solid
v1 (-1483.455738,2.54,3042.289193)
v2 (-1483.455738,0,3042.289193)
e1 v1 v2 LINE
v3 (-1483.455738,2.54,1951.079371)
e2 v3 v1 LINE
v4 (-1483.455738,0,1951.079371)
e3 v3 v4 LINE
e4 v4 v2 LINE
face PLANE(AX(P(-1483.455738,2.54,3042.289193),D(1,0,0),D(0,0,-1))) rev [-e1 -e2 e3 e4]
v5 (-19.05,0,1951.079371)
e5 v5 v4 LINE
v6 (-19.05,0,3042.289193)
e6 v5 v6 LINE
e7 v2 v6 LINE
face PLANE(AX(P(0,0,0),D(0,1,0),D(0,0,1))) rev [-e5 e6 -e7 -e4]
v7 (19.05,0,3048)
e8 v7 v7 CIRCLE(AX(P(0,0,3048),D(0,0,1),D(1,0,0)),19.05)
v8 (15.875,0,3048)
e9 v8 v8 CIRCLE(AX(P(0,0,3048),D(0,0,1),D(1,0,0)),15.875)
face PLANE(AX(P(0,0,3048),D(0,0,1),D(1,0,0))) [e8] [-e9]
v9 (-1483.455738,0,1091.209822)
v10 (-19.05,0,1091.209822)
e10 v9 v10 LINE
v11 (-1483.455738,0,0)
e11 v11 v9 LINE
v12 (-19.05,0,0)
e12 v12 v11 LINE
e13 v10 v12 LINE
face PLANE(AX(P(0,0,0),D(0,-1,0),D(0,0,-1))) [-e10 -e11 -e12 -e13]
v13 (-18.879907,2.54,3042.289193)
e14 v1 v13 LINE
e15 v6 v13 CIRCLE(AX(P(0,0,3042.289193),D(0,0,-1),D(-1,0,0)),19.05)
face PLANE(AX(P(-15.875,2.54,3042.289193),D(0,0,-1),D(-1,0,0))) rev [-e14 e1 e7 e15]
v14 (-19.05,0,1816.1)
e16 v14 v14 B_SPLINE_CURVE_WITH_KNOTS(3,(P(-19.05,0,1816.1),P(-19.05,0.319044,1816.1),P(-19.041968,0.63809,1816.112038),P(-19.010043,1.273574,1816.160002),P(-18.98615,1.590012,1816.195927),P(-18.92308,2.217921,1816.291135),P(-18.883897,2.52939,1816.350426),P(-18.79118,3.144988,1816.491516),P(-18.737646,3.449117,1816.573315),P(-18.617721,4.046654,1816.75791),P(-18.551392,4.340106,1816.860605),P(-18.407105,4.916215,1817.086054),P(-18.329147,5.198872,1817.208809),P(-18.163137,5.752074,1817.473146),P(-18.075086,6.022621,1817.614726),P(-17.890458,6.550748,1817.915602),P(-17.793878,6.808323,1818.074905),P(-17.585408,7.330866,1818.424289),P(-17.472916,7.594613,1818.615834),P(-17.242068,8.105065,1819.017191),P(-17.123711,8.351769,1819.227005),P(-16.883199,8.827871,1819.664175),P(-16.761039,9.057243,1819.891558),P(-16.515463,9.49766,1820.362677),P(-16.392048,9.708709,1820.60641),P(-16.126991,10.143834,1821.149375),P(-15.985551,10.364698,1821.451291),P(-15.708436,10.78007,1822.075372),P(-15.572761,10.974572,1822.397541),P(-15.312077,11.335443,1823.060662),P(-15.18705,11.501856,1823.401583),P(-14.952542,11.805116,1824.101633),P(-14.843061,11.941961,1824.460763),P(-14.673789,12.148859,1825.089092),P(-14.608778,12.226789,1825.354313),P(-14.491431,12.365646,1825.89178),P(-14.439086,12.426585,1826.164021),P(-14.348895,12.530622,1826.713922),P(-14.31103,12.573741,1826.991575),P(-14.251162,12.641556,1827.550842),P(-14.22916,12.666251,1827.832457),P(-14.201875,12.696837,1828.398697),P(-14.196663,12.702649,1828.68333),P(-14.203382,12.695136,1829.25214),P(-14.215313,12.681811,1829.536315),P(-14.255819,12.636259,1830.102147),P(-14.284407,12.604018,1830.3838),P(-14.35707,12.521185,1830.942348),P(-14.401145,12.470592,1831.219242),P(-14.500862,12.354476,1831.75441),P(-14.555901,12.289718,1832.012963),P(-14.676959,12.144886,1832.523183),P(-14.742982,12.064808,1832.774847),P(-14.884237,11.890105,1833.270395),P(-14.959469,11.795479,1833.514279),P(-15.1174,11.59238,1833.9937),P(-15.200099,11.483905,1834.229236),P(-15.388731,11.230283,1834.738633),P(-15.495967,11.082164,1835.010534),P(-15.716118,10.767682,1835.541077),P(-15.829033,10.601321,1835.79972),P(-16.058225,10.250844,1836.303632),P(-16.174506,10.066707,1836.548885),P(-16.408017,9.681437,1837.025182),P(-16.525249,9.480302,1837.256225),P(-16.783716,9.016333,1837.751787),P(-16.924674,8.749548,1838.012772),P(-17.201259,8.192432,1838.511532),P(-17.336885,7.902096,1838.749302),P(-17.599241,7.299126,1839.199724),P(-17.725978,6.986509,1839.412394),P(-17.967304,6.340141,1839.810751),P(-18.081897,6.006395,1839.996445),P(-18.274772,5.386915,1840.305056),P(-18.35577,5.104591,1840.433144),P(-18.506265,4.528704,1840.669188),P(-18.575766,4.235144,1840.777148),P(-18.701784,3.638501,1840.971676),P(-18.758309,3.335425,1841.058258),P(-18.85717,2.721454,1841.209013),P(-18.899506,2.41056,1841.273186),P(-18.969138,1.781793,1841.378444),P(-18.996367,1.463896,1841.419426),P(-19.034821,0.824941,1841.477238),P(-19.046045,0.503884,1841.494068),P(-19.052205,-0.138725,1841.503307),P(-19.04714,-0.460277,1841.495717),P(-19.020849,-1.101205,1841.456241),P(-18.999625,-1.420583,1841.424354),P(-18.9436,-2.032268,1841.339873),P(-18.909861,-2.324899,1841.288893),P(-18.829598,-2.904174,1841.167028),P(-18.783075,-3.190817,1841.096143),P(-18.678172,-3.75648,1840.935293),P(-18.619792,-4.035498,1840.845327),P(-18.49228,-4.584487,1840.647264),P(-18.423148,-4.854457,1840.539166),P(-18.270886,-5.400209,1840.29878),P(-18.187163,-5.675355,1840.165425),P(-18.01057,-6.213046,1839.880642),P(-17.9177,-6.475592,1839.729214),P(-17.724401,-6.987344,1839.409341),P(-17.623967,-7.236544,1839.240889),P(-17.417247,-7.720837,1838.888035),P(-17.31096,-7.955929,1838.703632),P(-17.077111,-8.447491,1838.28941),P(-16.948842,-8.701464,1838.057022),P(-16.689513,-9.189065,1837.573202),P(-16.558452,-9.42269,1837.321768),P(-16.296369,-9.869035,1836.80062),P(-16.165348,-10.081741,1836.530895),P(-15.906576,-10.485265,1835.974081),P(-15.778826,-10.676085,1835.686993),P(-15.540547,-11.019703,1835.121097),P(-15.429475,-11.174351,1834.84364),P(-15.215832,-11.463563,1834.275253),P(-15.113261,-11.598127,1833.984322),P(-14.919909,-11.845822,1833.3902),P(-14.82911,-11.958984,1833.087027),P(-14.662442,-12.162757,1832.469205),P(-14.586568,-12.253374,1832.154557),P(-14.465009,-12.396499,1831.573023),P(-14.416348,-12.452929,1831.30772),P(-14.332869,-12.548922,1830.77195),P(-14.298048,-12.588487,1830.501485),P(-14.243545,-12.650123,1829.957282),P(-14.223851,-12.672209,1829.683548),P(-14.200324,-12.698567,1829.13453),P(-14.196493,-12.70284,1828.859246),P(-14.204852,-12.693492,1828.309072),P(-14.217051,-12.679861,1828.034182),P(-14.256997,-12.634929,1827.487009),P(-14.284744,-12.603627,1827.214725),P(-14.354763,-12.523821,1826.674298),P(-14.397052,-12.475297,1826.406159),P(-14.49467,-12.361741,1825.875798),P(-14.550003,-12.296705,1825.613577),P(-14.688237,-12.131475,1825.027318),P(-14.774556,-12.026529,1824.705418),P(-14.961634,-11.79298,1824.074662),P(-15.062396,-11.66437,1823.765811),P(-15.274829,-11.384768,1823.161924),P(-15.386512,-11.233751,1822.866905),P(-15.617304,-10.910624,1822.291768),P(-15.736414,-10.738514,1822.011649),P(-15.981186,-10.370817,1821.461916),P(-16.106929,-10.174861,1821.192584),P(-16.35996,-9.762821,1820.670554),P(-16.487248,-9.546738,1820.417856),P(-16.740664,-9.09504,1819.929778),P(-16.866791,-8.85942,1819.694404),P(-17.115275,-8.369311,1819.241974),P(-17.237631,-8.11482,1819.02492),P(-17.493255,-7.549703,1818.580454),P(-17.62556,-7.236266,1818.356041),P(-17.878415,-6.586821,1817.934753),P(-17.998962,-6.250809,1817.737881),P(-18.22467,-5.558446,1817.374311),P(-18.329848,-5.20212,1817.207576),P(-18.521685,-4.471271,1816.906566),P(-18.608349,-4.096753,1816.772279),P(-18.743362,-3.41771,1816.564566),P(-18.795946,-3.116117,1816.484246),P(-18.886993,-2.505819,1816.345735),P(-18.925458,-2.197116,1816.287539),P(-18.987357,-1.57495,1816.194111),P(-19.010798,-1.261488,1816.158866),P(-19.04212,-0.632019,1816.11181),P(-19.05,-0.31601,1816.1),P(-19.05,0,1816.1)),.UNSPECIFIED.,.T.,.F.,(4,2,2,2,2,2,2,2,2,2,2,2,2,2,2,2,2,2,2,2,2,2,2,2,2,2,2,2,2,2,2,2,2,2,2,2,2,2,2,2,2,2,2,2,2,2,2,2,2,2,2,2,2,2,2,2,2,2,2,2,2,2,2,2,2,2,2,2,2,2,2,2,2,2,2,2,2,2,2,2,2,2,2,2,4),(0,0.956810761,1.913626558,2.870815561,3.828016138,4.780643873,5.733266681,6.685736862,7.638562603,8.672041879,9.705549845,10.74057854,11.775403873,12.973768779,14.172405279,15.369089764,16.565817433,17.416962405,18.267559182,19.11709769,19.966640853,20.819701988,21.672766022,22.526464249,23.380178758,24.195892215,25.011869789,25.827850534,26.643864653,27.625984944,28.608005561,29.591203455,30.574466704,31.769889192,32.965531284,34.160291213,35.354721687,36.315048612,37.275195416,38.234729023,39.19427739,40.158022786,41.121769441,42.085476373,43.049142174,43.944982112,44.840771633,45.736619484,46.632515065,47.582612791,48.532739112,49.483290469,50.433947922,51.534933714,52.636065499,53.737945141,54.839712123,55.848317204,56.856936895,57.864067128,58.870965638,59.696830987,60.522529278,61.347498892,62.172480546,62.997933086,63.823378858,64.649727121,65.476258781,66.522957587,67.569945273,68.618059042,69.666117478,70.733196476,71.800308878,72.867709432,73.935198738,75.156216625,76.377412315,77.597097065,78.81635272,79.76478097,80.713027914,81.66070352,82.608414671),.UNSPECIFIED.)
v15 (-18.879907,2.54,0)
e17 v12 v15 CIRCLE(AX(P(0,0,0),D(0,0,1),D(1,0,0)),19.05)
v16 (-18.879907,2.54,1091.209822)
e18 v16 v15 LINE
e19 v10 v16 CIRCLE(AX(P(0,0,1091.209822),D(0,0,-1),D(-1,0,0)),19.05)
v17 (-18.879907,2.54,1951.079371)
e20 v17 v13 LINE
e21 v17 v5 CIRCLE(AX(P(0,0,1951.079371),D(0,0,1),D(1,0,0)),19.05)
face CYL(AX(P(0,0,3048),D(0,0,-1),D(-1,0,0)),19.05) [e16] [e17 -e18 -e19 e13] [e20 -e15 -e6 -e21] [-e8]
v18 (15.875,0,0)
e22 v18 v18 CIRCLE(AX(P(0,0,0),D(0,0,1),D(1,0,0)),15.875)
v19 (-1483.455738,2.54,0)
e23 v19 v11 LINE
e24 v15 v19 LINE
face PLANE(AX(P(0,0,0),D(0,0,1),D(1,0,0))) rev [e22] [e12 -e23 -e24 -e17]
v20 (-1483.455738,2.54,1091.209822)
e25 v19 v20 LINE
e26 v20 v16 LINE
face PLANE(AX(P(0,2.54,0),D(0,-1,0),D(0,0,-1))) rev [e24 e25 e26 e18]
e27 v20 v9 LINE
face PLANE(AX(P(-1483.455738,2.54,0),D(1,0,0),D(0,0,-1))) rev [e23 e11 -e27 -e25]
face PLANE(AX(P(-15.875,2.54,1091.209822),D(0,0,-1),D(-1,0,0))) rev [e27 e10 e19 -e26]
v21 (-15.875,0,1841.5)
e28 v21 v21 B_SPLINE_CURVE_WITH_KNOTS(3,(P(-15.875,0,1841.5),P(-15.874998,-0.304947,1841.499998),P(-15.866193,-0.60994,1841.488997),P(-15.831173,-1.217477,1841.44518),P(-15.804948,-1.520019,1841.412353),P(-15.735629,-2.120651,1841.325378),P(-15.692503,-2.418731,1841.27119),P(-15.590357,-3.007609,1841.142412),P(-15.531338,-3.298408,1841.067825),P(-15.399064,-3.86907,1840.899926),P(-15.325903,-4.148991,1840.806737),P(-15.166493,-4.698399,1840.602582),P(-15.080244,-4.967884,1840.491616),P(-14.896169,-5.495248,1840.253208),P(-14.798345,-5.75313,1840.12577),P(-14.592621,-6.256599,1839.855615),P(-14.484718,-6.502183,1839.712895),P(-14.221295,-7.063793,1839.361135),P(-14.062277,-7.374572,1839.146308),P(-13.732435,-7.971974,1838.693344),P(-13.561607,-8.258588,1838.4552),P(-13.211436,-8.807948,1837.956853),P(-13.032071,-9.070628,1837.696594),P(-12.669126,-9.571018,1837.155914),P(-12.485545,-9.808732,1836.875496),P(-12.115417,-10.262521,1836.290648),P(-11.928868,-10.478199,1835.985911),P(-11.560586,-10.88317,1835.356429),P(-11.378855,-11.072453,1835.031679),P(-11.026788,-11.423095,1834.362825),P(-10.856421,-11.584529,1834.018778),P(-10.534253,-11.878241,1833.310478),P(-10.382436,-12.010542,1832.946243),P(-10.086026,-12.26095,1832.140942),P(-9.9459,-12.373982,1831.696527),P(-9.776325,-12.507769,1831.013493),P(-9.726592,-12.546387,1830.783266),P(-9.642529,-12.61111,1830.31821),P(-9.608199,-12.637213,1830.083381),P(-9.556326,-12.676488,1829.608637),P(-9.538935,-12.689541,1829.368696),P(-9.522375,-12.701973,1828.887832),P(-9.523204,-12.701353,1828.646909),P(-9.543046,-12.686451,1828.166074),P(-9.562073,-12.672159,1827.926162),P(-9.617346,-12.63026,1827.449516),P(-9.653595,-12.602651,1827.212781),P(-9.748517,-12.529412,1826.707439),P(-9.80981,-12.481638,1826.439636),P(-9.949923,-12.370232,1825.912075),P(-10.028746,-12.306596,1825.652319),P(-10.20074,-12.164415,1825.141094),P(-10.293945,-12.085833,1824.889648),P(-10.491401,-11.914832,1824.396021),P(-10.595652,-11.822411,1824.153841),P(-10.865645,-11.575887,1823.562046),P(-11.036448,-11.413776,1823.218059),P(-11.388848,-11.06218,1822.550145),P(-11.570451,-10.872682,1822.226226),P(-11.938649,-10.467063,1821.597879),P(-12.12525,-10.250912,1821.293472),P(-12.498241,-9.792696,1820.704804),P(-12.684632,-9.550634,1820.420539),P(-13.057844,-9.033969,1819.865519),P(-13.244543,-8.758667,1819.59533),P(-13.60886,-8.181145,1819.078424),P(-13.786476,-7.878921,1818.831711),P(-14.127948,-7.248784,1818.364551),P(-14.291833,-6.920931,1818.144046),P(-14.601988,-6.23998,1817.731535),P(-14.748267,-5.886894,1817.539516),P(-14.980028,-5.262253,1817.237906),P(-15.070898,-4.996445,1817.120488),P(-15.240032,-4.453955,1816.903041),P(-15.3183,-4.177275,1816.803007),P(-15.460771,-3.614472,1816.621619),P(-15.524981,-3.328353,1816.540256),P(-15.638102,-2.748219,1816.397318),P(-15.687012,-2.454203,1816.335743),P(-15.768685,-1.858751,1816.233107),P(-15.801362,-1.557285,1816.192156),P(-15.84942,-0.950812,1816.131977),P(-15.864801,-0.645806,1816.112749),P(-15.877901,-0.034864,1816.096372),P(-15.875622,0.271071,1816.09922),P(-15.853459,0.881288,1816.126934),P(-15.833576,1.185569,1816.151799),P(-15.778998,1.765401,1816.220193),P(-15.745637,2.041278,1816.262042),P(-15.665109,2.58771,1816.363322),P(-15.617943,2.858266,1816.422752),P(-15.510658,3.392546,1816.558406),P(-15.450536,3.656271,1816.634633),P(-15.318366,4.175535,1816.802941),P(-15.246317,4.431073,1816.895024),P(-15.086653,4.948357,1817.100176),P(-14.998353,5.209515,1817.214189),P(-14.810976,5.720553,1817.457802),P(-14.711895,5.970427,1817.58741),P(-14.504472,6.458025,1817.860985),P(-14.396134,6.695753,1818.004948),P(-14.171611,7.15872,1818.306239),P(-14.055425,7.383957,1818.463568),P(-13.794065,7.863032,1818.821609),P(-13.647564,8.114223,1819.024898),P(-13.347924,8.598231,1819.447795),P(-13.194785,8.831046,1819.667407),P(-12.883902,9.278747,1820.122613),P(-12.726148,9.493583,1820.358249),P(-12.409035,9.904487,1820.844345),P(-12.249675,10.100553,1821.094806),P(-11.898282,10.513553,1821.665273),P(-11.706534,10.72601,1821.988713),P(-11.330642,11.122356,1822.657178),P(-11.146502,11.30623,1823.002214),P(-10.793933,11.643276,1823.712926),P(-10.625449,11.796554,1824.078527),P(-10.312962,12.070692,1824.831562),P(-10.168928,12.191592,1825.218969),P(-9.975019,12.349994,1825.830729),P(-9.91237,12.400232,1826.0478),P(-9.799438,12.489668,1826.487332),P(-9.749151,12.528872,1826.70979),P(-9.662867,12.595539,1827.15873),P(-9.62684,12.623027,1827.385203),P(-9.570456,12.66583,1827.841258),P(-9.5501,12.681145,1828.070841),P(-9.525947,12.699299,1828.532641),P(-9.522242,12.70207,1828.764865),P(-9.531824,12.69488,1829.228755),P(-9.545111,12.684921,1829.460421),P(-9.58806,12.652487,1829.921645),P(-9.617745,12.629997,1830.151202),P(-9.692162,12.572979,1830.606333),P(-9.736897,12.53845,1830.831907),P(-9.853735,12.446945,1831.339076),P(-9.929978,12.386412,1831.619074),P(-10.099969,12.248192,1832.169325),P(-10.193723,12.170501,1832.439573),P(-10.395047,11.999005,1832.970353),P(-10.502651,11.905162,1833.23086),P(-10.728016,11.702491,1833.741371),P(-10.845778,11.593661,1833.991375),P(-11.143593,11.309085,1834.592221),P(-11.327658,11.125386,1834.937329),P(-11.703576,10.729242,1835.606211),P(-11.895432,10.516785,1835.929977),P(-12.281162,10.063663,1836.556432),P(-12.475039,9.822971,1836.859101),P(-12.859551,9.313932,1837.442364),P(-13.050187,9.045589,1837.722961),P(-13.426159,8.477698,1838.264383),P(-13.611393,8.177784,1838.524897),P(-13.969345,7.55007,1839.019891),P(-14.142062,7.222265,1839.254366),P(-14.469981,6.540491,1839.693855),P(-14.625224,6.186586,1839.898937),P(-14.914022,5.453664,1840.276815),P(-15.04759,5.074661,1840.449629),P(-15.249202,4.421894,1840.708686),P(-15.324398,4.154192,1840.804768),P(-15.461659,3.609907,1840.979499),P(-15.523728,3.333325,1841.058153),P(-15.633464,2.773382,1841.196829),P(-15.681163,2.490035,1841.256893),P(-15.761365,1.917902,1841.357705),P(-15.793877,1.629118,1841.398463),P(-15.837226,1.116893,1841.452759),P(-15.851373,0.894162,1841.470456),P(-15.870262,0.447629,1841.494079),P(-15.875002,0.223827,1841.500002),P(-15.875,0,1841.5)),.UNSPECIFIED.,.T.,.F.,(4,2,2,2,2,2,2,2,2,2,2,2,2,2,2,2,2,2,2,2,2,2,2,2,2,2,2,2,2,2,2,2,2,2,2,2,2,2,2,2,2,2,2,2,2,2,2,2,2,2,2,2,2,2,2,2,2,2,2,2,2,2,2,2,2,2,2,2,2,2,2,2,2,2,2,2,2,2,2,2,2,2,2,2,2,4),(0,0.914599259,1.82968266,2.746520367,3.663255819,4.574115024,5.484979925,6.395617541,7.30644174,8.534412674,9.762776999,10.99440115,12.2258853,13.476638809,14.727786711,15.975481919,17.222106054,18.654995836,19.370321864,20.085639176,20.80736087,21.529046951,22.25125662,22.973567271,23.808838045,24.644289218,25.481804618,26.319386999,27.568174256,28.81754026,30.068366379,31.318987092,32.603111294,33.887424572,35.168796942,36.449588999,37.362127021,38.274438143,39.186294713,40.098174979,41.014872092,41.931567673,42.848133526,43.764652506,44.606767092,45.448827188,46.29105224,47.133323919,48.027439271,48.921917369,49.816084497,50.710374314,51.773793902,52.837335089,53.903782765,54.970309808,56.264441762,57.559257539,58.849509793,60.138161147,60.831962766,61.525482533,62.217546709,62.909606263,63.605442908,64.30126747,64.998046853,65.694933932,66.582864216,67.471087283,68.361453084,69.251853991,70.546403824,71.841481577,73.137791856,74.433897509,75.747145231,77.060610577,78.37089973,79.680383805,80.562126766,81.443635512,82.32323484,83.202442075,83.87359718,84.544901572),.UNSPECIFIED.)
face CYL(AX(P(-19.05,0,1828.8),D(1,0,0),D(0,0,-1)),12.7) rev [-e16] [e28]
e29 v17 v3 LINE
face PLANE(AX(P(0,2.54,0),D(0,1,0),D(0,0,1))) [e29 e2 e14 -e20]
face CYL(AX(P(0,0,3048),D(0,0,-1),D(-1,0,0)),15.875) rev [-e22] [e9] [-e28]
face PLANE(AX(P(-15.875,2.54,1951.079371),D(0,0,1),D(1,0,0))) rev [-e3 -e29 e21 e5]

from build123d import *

# Parameters (mm, degrees)
SKETCH1_R           = 19.05
SKETCH1_R_2         = 15.875
BOSS_EXTRUDE1_DEPTH = 3048
SKETCH2_R           = 12.7
CUT_EXTRUDE1_DEPTH  = 20.05
SKETCH3_W           = 1467.580737964
SKETCH3_H           = 1091.209821844
SKETCH3_H_2         = 1091.209821843
BOSS_EXTRUDE2_DEPTH = 2.54


with BuildPart() as part:
    # Sketch1 → Boss-Extrude1 (new body)
    with BuildSketch(Plane.XY):
        Circle(SKETCH1_R)
        Circle(SKETCH1_R_2, mode=Mode.SUBTRACT)
    extrude(amount=BOSS_EXTRUDE1_DEPTH)

    # Sketch2 → Cut-Extrude1 (cut, through all)
    with BuildSketch(Plane(origin=(0, 0, 0), x_dir=(0, 0, -1), z_dir=(1, 0, 0))):
        with Locations((-1828.8, 0)):
            Circle(SKETCH2_R)
    extrude(amount=-CUT_EXTRUDE1_DEPTH, mode=Mode.SUBTRACT)

    # Sketch3 → Boss-Extrude2 (add)
    with BuildSketch(Plane(origin=(0, 0, 0), x_dir=(1, 0, 0), z_dir=(0, 1, 0))):
        with Locations((-749.665368982, -545.604910922)):
            Rectangle(SKETCH3_W, SKETCH3_H)
        with Locations((-749.665368982, -2496.684282285)):
            Rectangle(SKETCH3_W, SKETCH3_H_2)
    extrude(amount=BOSS_EXTRUDE2_DEPTH)


solid = part.part
